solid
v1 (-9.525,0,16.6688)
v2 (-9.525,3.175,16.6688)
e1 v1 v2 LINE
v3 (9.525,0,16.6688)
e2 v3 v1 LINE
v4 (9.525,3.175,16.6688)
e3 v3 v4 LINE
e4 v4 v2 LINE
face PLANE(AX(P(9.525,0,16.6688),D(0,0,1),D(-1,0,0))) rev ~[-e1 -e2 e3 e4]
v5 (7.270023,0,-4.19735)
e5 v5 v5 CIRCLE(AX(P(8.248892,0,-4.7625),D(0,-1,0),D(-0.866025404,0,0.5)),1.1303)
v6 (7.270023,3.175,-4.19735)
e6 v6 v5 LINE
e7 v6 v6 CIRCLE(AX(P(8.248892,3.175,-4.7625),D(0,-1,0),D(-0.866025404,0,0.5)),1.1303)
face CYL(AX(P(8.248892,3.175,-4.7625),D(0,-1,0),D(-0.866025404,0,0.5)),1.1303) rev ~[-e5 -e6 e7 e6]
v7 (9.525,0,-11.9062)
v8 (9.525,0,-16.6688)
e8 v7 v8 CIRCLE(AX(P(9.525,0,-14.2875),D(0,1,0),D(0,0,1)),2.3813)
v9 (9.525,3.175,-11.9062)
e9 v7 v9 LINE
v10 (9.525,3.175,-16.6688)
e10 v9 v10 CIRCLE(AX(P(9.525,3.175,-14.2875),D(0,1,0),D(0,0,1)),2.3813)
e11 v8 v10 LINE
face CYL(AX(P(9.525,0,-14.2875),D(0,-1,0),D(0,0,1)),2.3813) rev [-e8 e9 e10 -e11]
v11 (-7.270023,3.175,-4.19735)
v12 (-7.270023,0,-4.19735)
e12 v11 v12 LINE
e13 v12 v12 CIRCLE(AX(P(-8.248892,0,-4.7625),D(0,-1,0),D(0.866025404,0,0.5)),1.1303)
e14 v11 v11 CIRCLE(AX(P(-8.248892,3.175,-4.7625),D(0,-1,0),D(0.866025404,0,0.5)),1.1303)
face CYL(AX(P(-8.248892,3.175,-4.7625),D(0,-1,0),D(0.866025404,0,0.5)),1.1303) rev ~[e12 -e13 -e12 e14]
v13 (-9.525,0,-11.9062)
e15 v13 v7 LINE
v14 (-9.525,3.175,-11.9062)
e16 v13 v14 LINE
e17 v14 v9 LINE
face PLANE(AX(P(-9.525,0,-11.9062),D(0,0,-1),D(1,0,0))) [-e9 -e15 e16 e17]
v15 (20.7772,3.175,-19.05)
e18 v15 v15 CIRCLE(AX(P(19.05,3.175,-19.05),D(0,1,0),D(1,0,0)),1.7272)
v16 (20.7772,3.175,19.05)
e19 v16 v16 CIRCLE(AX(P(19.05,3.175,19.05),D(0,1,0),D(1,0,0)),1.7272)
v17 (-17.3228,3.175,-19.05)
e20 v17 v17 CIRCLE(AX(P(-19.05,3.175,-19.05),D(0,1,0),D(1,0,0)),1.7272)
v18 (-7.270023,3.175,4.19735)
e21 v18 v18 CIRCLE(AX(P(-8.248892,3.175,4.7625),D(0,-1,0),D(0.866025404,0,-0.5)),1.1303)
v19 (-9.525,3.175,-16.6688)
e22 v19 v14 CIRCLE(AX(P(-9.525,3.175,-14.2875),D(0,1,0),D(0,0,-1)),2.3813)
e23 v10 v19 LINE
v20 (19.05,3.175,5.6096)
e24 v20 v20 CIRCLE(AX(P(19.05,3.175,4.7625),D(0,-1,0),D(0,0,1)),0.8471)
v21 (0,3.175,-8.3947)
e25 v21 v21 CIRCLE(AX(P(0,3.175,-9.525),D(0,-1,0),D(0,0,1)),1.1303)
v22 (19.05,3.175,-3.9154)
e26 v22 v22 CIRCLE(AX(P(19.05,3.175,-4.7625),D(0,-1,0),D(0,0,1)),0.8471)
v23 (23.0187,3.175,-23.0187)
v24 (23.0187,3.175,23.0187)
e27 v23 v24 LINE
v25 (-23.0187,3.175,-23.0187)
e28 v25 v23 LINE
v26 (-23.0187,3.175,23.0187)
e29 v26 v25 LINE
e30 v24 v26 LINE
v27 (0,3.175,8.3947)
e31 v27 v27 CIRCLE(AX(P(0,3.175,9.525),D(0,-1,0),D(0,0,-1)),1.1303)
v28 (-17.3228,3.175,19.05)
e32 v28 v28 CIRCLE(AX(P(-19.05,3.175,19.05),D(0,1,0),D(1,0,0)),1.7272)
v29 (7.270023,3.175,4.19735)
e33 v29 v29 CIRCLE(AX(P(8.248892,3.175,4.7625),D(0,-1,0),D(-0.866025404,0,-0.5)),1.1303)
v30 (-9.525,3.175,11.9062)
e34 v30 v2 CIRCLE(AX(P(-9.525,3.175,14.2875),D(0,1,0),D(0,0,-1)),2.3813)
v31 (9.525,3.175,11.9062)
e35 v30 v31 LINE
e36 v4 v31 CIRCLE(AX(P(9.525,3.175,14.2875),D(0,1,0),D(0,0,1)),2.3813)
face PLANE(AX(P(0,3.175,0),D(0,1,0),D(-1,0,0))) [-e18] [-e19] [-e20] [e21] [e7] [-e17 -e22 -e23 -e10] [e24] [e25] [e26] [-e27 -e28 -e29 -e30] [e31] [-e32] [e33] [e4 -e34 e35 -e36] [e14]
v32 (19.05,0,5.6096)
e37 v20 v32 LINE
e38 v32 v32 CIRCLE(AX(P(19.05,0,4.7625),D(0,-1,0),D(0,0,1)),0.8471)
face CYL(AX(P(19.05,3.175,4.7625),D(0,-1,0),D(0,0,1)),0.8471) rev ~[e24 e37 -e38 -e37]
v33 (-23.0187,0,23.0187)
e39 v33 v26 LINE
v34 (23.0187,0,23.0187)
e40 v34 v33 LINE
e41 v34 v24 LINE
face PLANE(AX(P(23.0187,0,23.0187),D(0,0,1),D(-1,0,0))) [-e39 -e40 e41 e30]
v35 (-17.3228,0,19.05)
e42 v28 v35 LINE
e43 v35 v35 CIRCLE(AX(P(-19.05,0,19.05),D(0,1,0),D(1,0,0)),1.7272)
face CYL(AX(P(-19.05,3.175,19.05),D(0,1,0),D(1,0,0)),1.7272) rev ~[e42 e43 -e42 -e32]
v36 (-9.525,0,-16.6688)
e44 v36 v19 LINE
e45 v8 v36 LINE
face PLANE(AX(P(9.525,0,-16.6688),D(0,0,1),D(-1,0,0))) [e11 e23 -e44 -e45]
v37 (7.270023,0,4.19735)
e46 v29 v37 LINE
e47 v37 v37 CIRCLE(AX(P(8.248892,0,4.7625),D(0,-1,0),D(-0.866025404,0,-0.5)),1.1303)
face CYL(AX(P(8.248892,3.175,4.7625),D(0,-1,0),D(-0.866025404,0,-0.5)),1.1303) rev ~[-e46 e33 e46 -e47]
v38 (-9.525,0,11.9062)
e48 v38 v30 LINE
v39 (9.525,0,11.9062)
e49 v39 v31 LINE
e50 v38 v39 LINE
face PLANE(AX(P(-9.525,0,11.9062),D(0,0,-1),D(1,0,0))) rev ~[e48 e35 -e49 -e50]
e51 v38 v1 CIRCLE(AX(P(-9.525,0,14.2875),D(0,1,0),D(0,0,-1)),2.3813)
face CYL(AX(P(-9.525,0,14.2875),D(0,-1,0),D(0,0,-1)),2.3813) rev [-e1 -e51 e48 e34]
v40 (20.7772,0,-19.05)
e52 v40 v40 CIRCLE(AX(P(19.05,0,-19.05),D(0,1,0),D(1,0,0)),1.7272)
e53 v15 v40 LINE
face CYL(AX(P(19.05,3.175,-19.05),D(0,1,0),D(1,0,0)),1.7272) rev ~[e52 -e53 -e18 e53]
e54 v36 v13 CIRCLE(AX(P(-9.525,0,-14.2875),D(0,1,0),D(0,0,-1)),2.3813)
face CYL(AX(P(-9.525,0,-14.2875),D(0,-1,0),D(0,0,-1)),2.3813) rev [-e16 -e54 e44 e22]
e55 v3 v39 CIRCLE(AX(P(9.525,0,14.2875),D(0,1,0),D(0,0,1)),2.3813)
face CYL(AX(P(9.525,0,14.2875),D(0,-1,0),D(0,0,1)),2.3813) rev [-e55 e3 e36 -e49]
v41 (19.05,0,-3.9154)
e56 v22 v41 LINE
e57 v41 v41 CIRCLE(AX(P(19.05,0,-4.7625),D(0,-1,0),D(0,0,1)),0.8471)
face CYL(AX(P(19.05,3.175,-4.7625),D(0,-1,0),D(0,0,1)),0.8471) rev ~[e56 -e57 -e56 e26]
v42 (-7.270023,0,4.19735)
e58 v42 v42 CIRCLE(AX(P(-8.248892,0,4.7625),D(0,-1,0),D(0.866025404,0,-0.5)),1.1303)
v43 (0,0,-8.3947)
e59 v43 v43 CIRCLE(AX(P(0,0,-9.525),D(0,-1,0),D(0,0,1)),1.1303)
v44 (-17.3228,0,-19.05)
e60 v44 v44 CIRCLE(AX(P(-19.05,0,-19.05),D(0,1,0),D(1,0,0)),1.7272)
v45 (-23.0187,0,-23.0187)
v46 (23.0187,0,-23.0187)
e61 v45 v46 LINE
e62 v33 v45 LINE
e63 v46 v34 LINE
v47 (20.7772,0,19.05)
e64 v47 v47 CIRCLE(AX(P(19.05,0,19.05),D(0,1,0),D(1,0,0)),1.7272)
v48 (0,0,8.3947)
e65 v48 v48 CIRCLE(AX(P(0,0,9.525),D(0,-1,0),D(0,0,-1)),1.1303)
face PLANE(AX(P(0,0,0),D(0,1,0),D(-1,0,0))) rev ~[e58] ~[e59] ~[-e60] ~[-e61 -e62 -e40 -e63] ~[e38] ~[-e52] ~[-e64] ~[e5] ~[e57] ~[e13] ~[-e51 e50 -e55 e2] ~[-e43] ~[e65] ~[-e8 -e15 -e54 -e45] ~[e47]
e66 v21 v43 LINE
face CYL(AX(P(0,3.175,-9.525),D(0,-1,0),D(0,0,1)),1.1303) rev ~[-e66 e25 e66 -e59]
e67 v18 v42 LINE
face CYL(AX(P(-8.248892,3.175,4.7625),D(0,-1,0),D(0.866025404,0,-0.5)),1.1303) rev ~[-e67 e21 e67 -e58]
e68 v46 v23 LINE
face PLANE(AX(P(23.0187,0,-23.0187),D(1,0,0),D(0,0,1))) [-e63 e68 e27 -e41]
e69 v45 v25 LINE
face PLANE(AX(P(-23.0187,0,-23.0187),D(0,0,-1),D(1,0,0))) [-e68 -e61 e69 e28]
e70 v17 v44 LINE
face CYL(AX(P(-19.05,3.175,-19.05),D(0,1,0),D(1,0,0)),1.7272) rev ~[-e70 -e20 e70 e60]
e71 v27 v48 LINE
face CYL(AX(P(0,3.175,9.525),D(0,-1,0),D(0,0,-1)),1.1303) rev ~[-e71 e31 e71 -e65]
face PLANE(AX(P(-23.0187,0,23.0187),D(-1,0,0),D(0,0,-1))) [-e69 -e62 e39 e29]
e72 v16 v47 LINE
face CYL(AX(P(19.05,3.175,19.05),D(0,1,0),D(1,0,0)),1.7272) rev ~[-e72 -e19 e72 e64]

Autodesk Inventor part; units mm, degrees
ref_plane "YZ Plane" through (0, 0, 0) normal (1, 0, 0) x (0, 1, 0)
ref_plane "XZ Plane" through (0, 0, 0) normal (0, 1, 0) x (-1, 0, 0)
ref_plane "XY Plane" through (0, 0, 0) normal (0, 0, 1) x (1, 0, 0)
sketch "Sketch1" plane through (0, 0, 0) normal (0, 1, 0) x (-1, 0, 0)
  line L0 (23.0187, -23.0187) -> (-23.0187, -23.0187)
  line L1 (-23.0187, -23.0187) -> (-23.0187, 23.0187)
  line L2 (-23.0187, 23.0187) -> (23.0187, 23.0187)
  line L3 (23.0187, 23.0187) -> (23.0187, -23.0187)
  line L4 (23.0187, -23.0187) -> (-23.0187, 23.0187) construction
  line L5 (-23.0187, -23.0187) -> (23.0187, 23.0187) construction
  line L6 (9.525, -14.2875) -> (-9.525, -14.2875) construction
  line L7 (9.525, -11.9062) -> (-9.525, -11.9062)
  line L8 (-9.525, -16.6688) -> (9.525, -16.6688)
  arc A0 (9.525, -16.6688) -> (9.525, -11.9062) centre (9.525, -14.2875) ccw
  arc A1 (-9.525, -11.9062) -> (-9.525, -16.6688) centre (-9.525, -14.2875) ccw
  line L9 (0, -32.2263) -> (0, 32.2263) construction
  line L10 (32.2263, 0) -> (-32.2263, 0) construction
  line L11 (9.525, 14.2875) -> (-9.525, 14.2875) construction
  line L12 (9.525, 11.9062) -> (-9.525, 11.9062)
  line L13 (-9.525, 16.6688) -> (9.525, 16.6688)
  arc A2 (9.525, 11.9062) -> (9.525, 16.6688) centre (9.525, 14.2875) ccw
  arc A3 (-9.525, 16.6688) -> (-9.525, 11.9062) centre (-9.525, 14.2875) ccw
  point P0 (0, 0)
  point P1 (0, -14.2875)
  point P2 (0, 14.2875)
  dimension "d0" = 46.0375
  dimension "d1" = 46.0375
  dimension "d2" = 19.05
  dimension "d3" = 4.7625
  dimension "d4" = 11.9062
  dimension "d5" = 11.9062
extrude "Extrusion1" add sketch "Sketch1" along normal blind 3.175
sketch "Sketch2" plane through (0, 3.175, 0) normal (0, 1, 0) x (1, 0, 0)
  line L0 (-23.0187, -23.0187) -> (23.0187, -23.0187) construction
  line L1 (23.0187, -23.0187) -> (23.0187, 23.0187) construction
  line L2 (23.0187, 23.0187) -> (-23.0187, 23.0187) construction
  line L3 (-23.0187, 23.0187) -> (-23.0187, -23.0187) construction
  line L4 (9.525, 11.9062) -> (-9.525, 11.9062) construction
  arc A0 (-9.525, 16.6688) -> (-9.525, 11.9062) centre (-9.525, 14.2875) ccw construction
  line L5 (-9.525, 16.6688) -> (9.525, 16.6688) construction
  arc A1 (9.525, 11.9062) -> (9.525, 16.6688) centre (9.525, 14.2875) ccw construction
  line L6 (9.525, -16.6688) -> (-9.525, -16.6688) construction
  arc A2 (-9.525, -11.9062) -> (-9.525, -16.6688) centre (-9.525, -14.2875) ccw construction
  line L7 (-9.525, -11.9062) -> (9.525, -11.9062) construction
  arc A3 (9.525, -16.6688) -> (9.525, -11.9062) centre (9.525, -14.2875) ccw construction
  circle A4 centre (0, 0) radius 9.525 construction
  line L8 (0, 32.2263) -> (0, -32.2263) construction
  point P0 (0, 9.525)
  dimension "d8" = 19.05
hole "Hole1" at (0, 3.175, -9.525) direction (0, -1, 0) diameter 2.2606 end through all
pattern_circular "Circular Pattern1" count 6 over 360 about axis through (0, -10, 0) along (0, 1, 0) of "Hole1"
sketch "Sketch4" plane through (0, 3.175, 0) normal (0, 1, 0) x (1, 0, 0)
  circle A0 centre (-19.05, 19.05) radius 1.7272
  circle A1 centre (19.05, 19.05) radius 1.7272
  circle A2 centre (8.2489, 4.7625) radius 1.1303 construction
  circle A3 centre (8.2489, -4.7625) radius 1.1303 construction
  circle A4 centre (0, -9.525) radius 1.1303 construction
  circle A5 centre (-8.2489, -4.7625) radius 1.1303 construction
  circle A6 centre (-8.2489, 4.7625) radius 1.1303 construction
  circle A7 centre (0, 9.525) radius 1.1303 construction
  line L0 (-23.0187, -23.0187) -> (23.0187, -23.0187) construction
  line L1 (23.0187, -23.0187) -> (23.0187, 23.0187) construction
  line L2 (23.0187, 23.0187) -> (-23.0187, 23.0187) construction
  line L3 (-23.0187, 23.0187) -> (-23.0187, -23.0187) construction
  line L4 (9.525, 11.9062) -> (-9.525, 11.9062) construction
  arc A8 (-9.525, 16.6688) -> (-9.525, 11.9062) centre (-9.525, 14.2875) ccw construction
  line L5 (-9.525, 16.6688) -> (9.525, 16.6688) construction
  arc A9 (9.525, 11.9062) -> (9.525, 16.6688) centre (9.525, 14.2875) ccw construction
  line L6 (9.525, -16.6688) -> (-9.525, -16.6688) construction
  arc A10 (-9.525, -11.9062) -> (-9.525, -16.6688) centre (-9.525, -14.2875) ccw construction
  line L7 (-9.525, -11.9062) -> (9.525, -11.9062) construction
  arc A11 (9.525, -16.6688) -> (9.525, -11.9062) centre (9.525, -14.2875) ccw construction
  line L8 (0, 32.2263) -> (0, -32.2263) construction
  line L9 (-32.2263, 0) -> (32.2263, 0) construction
  circle A12 centre (-19.05, -19.05) radius 1.7272
  circle A13 centre (19.05, -19.05) radius 1.7272
  point P0 (0, 0)
  dimension "d19" = 3.4544
  dimension "d20" = 38.1
  dimension "d21" = 19.05
  dimension "d22" = 38.1
  dimension "d23" = 38.1
extrude "Extrusion2" cut sketch "Sketch4" against normal blind 3.175
sketch "Sketch5" plane through (0, 3.175, 0) normal (0, 1, 0) x (1, 0, 0)
  circle A0 centre (-19.05, -19.05) radius 1.7272 construction
  circle A1 centre (19.05, 19.05) radius 1.7272 construction
  circle A2 centre (19.05, -19.05) radius 1.7272 construction
  circle A3 centre (-19.05, 19.05) radius 1.7272 construction
  circle A4 centre (8.2489, 4.7625) radius 1.1303 construction
  circle A5 centre (8.2489, -4.7625) radius 1.1303 construction
  circle A6 centre (0, -9.525) radius 1.1303 construction
  circle A7 centre (-8.2489, -4.7625) radius 1.1303 construction
  circle A8 centre (-8.2489, 4.7625) radius 1.1303 construction
  circle A9 centre (0, 9.525) radius 1.1303 construction
  line L0 (-23.0187, -23.0187) -> (23.0187, -23.0187) construction
  line L1 (23.0187, -23.0187) -> (23.0187, 23.0187) construction
  line L2 (23.0187, 23.0187) -> (-23.0187, 23.0187) construction
  line L3 (-23.0187, 23.0187) -> (-23.0187, -23.0187) construction
  line L4 (9.525, 11.9062) -> (-9.525, 11.9062) construction
  arc A10 (-9.525, 16.6688) -> (-9.525, 11.9062) centre (-9.525, 14.2875) ccw construction
  line L5 (-9.525, 16.6688) -> (9.525, 16.6688) construction
  arc A11 (9.525, 11.9062) -> (9.525, 16.6688) centre (9.525, 14.2875) ccw construction
  line L6 (9.525, -16.6688) -> (-9.525, -16.6688) construction
  arc A12 (-9.525, -11.9062) -> (-9.525, -16.6688) centre (-9.525, -14.2875) ccw construction
  line L7 (-9.525, -11.9062) -> (9.525, -11.9062) construction
  arc A13 (9.525, -16.6688) -> (9.525, -11.9062) centre (9.525, -14.2875) ccw construction
  line L8 (-32.2263, 0) -> (32.2263, 0) construction
  line L9 (0, 32.2263) -> (0, -32.2263) construction
  circle A14 centre (19.05, -19.05) radius 1.7272 construction
  line L10 (19.05, 19.05) -> (19.05, -19.05) construction
  point P0 (0, 0)
  point P1 (19.05, 4.7625)
  point P2 (19.05, -4.7625)
  dimension "d26" = 9.525
  dimension "d27" = 4.7625
hole "Hole2" at (19.05, 3.175, -4.7625) at (19.05, 3.175, 4.7625) direction (0, -1, 0) diameter 1.6942 end through all thread size "2-56 UNC" class "2B" standard "ANSI Unified Screw Threads"
equation "\"d21\" = 0.5 * d20"
equation "\"d27\" = 0.5 * d26"
properties part number "Table"
